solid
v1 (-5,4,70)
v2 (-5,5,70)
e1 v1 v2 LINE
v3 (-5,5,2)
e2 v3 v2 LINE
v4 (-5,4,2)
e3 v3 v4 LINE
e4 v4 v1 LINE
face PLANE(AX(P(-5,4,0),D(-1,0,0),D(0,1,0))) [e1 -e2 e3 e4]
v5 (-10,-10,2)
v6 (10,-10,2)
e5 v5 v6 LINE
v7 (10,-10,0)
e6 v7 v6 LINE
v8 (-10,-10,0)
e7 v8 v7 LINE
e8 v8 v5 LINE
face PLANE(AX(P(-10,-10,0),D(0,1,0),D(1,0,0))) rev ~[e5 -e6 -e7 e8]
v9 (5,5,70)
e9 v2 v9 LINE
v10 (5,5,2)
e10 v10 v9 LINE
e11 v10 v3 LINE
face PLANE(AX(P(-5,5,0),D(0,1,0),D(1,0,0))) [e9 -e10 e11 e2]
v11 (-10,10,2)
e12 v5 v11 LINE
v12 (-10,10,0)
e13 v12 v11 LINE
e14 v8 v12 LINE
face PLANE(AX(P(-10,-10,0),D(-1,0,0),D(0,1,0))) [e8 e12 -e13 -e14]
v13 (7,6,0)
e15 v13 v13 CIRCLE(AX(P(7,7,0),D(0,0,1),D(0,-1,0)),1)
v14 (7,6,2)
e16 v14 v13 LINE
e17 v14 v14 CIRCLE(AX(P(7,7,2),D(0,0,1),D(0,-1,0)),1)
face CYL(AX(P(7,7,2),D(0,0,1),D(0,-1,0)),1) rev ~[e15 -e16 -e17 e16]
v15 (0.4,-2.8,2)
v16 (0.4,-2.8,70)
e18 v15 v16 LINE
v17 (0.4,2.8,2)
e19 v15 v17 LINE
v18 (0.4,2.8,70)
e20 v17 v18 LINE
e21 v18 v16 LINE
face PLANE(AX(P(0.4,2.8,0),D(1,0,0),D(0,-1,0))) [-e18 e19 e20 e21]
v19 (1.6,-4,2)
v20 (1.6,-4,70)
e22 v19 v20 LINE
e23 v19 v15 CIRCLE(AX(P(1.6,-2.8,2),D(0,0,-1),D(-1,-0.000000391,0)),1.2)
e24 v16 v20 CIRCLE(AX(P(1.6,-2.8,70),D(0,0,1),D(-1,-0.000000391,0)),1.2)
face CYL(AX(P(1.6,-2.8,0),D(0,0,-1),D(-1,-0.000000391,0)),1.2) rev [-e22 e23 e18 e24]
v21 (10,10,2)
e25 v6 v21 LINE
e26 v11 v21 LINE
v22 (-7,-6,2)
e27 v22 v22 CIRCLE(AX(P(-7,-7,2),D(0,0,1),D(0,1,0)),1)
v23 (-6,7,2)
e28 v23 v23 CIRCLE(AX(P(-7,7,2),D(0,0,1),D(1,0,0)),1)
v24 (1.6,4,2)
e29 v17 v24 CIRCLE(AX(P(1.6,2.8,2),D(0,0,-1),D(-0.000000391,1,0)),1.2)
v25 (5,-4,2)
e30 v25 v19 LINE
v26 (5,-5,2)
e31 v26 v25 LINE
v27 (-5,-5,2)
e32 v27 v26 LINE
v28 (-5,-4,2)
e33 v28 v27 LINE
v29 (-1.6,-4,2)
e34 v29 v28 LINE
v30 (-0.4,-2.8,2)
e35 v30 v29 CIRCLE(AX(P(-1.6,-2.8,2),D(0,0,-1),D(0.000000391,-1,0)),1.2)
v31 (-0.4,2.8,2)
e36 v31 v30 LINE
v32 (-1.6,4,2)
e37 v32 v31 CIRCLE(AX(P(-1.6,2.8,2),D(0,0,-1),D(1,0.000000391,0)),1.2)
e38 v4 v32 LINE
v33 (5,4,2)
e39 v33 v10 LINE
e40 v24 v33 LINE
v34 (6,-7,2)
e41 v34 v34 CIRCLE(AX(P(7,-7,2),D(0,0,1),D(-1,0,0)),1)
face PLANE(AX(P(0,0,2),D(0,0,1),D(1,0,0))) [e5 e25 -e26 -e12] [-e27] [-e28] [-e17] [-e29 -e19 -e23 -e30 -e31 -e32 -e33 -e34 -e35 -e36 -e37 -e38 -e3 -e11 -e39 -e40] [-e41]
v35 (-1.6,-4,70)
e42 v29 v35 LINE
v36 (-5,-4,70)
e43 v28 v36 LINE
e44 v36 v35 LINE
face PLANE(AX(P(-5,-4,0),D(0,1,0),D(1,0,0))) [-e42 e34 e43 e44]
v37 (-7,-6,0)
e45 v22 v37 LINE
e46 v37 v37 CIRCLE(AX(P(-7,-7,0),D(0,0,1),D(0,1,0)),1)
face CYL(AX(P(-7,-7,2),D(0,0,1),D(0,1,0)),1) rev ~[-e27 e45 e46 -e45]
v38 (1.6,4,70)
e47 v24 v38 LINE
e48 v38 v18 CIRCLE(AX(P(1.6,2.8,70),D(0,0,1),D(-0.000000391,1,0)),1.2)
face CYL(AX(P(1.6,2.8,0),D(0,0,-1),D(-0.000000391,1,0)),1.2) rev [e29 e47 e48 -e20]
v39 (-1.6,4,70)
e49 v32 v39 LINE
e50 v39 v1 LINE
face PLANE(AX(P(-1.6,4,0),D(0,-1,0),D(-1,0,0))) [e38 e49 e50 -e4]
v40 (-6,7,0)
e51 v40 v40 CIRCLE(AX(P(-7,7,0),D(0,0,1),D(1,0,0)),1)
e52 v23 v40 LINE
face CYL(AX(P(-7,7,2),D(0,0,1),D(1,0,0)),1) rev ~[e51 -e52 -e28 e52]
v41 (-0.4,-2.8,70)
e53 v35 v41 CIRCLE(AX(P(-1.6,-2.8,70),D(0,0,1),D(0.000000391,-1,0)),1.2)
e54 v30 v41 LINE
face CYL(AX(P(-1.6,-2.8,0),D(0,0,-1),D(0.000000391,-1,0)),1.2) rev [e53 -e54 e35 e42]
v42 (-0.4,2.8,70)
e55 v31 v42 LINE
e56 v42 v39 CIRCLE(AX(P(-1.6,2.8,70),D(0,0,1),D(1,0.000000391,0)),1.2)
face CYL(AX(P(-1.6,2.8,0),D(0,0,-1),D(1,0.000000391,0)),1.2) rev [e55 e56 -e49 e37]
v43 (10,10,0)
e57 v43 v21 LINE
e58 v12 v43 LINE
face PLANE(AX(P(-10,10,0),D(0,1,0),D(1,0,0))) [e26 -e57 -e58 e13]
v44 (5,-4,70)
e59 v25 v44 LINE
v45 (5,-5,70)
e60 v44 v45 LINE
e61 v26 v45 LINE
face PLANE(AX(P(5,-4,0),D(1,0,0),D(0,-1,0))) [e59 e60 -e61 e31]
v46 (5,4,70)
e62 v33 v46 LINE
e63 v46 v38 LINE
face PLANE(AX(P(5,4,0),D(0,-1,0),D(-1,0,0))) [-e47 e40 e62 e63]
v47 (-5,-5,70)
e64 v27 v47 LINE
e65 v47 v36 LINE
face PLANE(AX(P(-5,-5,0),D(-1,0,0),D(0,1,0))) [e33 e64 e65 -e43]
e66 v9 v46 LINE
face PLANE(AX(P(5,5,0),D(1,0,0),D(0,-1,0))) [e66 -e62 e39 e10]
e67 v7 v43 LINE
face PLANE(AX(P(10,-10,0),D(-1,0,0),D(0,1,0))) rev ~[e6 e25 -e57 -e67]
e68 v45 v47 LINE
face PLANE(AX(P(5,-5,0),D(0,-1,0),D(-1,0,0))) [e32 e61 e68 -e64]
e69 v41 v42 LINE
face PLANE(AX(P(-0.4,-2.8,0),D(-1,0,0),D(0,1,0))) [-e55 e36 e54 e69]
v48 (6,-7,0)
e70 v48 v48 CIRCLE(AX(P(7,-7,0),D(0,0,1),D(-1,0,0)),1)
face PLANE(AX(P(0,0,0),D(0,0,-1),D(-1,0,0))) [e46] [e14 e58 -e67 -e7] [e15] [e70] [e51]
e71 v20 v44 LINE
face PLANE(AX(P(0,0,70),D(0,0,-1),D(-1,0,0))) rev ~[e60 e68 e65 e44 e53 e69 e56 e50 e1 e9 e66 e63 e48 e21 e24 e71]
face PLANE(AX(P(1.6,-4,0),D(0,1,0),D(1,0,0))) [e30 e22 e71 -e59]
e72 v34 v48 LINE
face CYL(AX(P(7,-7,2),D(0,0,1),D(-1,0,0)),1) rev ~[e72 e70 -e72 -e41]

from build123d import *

# Parameters (mm, degrees)
PAD_DEPTH          = 70
SKETCH002_W        = 20
SKETCH002_H        = 20
PAD001_DEPTH       = 2
SKETCH003_R        = 1
POCKET_DEPTH       = 5
POLARPATTERN_COUNT = 4


with BuildPart() as pad:
    # Sketch001 → Pad (new body)
    with BuildSketch(Plane.XY):
        with BuildLine():
            Line((-5, 4), (-5, 5))
            Line((-5, 5), (5, 5))
            Line((5, 5), (5, 4))
            Line((5, 4), (1.6, 4))
            ThreePointArc((1.6, 4), (0.751472, 3.648528), (0.4, 2.8))
            Line((0.4, 2.8), (0.4, -2.8))
            ThreePointArc((0.4, -2.8), (0.751472, -3.648528), (1.6, -4))
            Line((1.6, -4), (5, -4))
            Line((5, -4), (5, -5))
            Line((5, -5), (-5, -5))
            Line((-5, -5), (-5, -4))
            Line((-5, -4), (-1.6, -4))
            ThreePointArc((-1.6, -4), (-0.751472, -3.648528), (-0.4, -2.8))
            Line((-0.4, -2.8), (-0.4, 2.8))
            ThreePointArc((-0.4, 2.8), (-0.751472, 3.648528), (-1.6, 4))
            Line((-1.6, 4), (-5, 4))
        make_face()
    extrude(amount=PAD_DEPTH)


with BuildPart() as fusion:
    # Sketch002 → Pad001 (new body)
    with BuildSketch(Plane.XY):
        Rectangle(SKETCH002_W, SKETCH002_H)
    extrude(amount=PAD001_DEPTH)

    # Sketch003 → Pocket (cut)
    with BuildSketch(Plane.XY.offset(2)):
        with Locations((-7, 7)):
            Circle(SKETCH003_R)
    pocket = extrude(amount=-POCKET_DEPTH, mode=Mode.SUBTRACT)

    # PolarPattern: Pocket ×4 about axis
    polarpattern_axis = Axis((0, 0, 2), (0, 0, 1))
    for i in range(1, POLARPATTERN_COUNT):
        add(pocket.rotate(polarpattern_axis, i * 360 / POLARPATTERN_COUNT), mode=Mode.SUBTRACT)

    # Fusion: union Pad
    add(pad.part)


solid = fusion.part
